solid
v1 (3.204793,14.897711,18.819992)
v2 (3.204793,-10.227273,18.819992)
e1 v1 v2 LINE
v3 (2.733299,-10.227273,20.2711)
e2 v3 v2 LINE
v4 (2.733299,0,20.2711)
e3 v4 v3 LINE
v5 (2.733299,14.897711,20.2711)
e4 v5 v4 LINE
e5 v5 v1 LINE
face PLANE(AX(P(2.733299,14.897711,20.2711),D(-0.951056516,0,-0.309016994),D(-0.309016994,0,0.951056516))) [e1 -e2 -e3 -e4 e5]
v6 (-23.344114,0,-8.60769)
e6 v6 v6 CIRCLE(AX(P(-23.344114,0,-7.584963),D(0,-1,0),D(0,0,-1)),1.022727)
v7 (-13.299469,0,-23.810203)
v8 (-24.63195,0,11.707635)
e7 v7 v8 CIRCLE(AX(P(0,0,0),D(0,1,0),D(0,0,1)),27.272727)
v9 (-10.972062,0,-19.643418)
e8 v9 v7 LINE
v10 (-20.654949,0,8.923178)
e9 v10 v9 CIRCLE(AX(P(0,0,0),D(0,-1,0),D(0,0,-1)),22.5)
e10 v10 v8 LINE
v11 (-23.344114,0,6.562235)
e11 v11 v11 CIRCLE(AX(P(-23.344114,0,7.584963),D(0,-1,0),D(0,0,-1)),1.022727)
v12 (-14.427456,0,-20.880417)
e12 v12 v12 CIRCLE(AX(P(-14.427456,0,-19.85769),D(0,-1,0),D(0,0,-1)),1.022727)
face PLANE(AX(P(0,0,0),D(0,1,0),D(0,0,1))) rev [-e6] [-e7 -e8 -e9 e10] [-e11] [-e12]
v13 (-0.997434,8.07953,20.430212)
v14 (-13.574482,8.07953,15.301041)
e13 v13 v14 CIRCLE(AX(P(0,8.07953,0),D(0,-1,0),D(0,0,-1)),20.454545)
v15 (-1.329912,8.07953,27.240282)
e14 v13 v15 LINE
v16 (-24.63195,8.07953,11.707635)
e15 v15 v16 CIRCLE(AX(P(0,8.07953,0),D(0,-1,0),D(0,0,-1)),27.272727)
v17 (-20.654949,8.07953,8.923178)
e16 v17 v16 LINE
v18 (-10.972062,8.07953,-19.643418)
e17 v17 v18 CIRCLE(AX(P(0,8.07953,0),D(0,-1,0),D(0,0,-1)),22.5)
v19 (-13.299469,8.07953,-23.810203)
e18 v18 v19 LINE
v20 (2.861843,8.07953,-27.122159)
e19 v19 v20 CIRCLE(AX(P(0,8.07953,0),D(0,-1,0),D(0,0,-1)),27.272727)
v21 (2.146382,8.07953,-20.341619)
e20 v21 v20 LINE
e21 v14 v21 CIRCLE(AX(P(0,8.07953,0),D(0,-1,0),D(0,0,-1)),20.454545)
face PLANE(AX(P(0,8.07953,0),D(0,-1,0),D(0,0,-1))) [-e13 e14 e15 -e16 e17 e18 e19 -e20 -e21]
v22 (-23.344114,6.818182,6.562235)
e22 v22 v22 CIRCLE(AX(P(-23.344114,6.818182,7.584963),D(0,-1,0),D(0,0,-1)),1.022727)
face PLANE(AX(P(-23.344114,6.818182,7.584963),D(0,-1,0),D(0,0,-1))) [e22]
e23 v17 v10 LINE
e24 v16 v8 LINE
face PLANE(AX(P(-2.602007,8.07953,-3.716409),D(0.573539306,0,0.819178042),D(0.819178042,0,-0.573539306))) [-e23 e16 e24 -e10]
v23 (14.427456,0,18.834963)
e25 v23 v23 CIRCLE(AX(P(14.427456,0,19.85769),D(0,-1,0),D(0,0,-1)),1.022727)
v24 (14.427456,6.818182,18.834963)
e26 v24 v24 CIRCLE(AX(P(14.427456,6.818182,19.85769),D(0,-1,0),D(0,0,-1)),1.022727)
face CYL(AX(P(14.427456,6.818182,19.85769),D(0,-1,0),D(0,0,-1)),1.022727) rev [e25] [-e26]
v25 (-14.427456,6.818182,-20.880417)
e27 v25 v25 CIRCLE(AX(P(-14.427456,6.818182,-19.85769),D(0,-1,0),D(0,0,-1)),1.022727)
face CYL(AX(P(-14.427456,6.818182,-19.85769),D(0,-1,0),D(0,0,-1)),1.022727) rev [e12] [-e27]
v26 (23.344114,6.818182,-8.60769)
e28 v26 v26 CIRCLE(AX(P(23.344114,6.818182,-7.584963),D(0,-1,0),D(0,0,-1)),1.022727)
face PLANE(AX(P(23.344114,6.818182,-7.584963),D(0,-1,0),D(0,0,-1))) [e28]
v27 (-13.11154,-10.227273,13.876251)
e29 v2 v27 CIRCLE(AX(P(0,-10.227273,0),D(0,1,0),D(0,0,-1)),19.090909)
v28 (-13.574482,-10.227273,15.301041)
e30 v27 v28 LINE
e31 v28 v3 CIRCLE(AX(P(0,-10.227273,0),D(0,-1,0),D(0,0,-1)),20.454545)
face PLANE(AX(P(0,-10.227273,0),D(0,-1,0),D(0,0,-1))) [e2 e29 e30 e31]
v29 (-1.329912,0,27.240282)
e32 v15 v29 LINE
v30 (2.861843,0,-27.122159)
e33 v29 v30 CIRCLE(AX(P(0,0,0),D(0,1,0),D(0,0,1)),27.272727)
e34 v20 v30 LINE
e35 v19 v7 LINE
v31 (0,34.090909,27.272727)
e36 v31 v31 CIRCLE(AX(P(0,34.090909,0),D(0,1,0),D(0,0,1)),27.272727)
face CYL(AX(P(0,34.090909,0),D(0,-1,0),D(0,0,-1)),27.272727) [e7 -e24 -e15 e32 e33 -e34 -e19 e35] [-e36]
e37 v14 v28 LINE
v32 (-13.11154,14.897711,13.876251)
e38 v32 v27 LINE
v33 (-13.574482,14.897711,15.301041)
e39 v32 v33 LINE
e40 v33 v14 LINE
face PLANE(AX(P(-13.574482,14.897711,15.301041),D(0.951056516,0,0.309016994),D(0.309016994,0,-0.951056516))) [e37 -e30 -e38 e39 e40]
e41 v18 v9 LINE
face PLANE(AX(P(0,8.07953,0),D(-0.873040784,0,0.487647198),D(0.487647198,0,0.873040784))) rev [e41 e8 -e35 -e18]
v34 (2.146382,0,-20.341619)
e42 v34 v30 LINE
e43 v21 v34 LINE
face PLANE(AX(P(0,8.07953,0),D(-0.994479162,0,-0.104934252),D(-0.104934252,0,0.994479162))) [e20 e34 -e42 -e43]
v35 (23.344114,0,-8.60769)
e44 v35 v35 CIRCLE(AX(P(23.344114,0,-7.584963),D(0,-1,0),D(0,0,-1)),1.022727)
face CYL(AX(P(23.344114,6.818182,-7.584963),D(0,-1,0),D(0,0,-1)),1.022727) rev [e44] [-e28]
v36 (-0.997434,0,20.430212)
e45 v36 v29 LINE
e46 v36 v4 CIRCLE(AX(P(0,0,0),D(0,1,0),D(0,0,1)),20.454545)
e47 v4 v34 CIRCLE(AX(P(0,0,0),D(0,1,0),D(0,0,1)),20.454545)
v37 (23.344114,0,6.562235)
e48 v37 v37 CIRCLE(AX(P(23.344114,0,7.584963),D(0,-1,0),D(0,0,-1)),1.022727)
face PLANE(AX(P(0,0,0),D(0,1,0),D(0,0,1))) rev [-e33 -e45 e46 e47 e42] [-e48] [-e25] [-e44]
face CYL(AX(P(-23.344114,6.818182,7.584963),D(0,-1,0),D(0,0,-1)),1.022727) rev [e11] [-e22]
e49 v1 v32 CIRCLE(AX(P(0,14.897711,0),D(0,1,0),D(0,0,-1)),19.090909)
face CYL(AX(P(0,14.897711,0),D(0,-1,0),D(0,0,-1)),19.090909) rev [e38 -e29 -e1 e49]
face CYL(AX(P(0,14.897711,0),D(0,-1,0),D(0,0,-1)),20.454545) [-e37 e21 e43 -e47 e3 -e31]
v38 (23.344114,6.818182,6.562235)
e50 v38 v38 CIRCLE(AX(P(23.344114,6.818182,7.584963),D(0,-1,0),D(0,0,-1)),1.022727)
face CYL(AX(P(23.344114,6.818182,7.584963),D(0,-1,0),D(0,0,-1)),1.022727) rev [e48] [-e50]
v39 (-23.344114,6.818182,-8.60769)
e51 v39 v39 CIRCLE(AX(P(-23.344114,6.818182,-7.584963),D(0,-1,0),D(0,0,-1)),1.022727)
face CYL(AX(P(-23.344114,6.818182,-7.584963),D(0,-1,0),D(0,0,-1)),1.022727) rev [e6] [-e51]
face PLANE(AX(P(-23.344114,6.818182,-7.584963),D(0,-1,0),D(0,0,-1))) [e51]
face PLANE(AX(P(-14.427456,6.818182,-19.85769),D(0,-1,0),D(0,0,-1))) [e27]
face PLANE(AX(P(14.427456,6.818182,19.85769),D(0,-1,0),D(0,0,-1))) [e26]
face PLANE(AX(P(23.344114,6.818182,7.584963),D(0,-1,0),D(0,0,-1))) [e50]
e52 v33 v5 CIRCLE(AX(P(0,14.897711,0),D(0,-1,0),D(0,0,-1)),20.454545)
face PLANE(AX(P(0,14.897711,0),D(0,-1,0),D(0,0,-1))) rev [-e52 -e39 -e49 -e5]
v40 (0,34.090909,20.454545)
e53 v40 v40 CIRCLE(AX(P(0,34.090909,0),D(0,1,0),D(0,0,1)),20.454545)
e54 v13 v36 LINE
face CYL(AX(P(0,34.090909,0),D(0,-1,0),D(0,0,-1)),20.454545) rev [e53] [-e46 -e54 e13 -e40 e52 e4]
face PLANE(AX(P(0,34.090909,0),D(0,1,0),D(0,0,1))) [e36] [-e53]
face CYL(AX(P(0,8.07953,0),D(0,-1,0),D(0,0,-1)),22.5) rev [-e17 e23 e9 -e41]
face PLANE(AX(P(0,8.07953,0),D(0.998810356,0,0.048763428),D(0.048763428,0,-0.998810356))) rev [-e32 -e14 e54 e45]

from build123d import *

# Parameters (mm, degrees)
ESBO_O1_R                     = 40
ESBO_O1_R_2                   = 30
RESSALTO_EXTRUS_O1_DEPTH      = 50
ESBO_O2_R                     = 1.5
CORTE_EXTRUS_O1_DEPTH         = 10
CORTE_EXTRUS_O2_DEPTH         = 11.84997677
RESSALTO_EXTRUS_O2_DEPTH      = 26.84997677
RESSALTO_EXTRUS_O2_DEPTH_BACK = 10
ESCALA1_SCALE                 = 0.681818182


with BuildPart() as part:
    # Esboço1 → Ressalto-extrusão1 (new body)
    with BuildSketch(Plane(origin=(0, 0, 0), x_dir=(1, 0, 0), z_dir=(0, 1, 0))):
        with Locations(Location((0, 0, 0), (0, 0, 270))):
            Circle(ESBO_O1_R)
        with Locations(Location((0, 0, 0), (0, 0, 270))):
            Circle(ESBO_O1_R_2, mode=Mode.SUBTRACT)
    extrude(amount=RESSALTO_EXTRUS_O1_DEPTH)

    # Esboço2 → Corte-extrusão1 (cut)
    with BuildSketch(Plane(origin=(0, 0, 0), x_dir=(-1, 0, 0), z_dir=(0, -1, 0))):
        with Locations(Location((-21.160269083, -29.124611797, 0), (0, 0, 90))):
            Circle(ESBO_O2_R)
        with Locations(Location((-34.238034587, -11.124611797, 0), (0, 0, 90))):
            Circle(ESBO_O2_R)
        with Locations(Location((-34.238034587, 11.124611797, 0), (0, 0, 90))):
            Circle(ESBO_O2_R)
        with Locations(Location((21.160269083, 29.124611797, 0), (0, 0, 90))):
            Circle(ESBO_O2_R)
        with Locations(Location((34.238034587, 11.124611797, 0), (0, 0, 90))):
            Circle(ESBO_O2_R)
        with Locations(Location((34.238034587, -11.124611797, 0), (0, 0, 90))):
            Circle(ESBO_O2_R)
    extrude(amount=-CORTE_EXTRUS_O1_DEPTH, mode=Mode.SUBTRACT)

    # Esboço3 → Corte-extrusão2 (cut)
    with BuildSketch(Plane(origin=(0, 0, 0), x_dir=(-1, 0, 0), z_dir=(0, -1, 0))):
        with BuildLine():
            ThreePointArc((30.293924668, -13.087327008), (31.253408489, 10.593604572), (16.092357529, 28.81034587))
            Line((16.092357529, 28.81034587), (19.505887914, 34.921631358))
            ThreePointArc((19.505887914, 34.921631358), (8.030354378, 39.185627576), (-4.197370073, 39.779166463))
            Line((-4.197370073, 39.779166463), (-3.148027555, 29.834374847))
            ThreePointArc((-3.148027555, 29.834374847), (29.911212101, 2.306380417), (1.462902849, -29.964310692))
            Line((1.462902849, -29.964310692), (1.950537132, -39.952414256))
            ThreePointArc((1.950537132, -39.952414256), (22.185986252, -33.283359416), (36.126859334, -17.171197823))
            Line((36.126859334, -17.171197823), (30.293924668, -13.087327008))
        make_face()
    extrude(amount=-CORTE_EXTRUS_O2_DEPTH, mode=Mode.SUBTRACT)

    # Esboço4 → Ressalto-extrusão2 (add, two sides: drawn at the far end of the back side and taken through both)
    with BuildSketch(Plane(origin=(0, 11.84997677, 0), x_dir=(-1, 0, 0), z_dir=(0, -1, 0)).offset(-RESSALTO_EXTRUS_O2_DEPTH_BACK)):
        with BuildLine():
            Line((-4.008838629, -29.730947056), (-4.700362463, -27.602655537))
            ThreePointArc((-4.700362463, -27.602655537), (-8.119302432, 26.79695744), (19.230258499, -20.351834268))
            Line((19.230258499, -20.351834268), (19.909240802, -22.441526924))
            ThreePointArc((19.909240802, -22.441526924), (-8.745833796, 28.696870757), (-4.008838629, -29.730947056))
        make_face()
    extrude(amount=RESSALTO_EXTRUS_O2_DEPTH + RESSALTO_EXTRUS_O2_DEPTH_BACK)


with BuildPart() as part_1:
    # Escala1: scaled about (0, 0, 0)
    add(part.part.scale(ESCALA1_SCALE))


solid = part_1.part
